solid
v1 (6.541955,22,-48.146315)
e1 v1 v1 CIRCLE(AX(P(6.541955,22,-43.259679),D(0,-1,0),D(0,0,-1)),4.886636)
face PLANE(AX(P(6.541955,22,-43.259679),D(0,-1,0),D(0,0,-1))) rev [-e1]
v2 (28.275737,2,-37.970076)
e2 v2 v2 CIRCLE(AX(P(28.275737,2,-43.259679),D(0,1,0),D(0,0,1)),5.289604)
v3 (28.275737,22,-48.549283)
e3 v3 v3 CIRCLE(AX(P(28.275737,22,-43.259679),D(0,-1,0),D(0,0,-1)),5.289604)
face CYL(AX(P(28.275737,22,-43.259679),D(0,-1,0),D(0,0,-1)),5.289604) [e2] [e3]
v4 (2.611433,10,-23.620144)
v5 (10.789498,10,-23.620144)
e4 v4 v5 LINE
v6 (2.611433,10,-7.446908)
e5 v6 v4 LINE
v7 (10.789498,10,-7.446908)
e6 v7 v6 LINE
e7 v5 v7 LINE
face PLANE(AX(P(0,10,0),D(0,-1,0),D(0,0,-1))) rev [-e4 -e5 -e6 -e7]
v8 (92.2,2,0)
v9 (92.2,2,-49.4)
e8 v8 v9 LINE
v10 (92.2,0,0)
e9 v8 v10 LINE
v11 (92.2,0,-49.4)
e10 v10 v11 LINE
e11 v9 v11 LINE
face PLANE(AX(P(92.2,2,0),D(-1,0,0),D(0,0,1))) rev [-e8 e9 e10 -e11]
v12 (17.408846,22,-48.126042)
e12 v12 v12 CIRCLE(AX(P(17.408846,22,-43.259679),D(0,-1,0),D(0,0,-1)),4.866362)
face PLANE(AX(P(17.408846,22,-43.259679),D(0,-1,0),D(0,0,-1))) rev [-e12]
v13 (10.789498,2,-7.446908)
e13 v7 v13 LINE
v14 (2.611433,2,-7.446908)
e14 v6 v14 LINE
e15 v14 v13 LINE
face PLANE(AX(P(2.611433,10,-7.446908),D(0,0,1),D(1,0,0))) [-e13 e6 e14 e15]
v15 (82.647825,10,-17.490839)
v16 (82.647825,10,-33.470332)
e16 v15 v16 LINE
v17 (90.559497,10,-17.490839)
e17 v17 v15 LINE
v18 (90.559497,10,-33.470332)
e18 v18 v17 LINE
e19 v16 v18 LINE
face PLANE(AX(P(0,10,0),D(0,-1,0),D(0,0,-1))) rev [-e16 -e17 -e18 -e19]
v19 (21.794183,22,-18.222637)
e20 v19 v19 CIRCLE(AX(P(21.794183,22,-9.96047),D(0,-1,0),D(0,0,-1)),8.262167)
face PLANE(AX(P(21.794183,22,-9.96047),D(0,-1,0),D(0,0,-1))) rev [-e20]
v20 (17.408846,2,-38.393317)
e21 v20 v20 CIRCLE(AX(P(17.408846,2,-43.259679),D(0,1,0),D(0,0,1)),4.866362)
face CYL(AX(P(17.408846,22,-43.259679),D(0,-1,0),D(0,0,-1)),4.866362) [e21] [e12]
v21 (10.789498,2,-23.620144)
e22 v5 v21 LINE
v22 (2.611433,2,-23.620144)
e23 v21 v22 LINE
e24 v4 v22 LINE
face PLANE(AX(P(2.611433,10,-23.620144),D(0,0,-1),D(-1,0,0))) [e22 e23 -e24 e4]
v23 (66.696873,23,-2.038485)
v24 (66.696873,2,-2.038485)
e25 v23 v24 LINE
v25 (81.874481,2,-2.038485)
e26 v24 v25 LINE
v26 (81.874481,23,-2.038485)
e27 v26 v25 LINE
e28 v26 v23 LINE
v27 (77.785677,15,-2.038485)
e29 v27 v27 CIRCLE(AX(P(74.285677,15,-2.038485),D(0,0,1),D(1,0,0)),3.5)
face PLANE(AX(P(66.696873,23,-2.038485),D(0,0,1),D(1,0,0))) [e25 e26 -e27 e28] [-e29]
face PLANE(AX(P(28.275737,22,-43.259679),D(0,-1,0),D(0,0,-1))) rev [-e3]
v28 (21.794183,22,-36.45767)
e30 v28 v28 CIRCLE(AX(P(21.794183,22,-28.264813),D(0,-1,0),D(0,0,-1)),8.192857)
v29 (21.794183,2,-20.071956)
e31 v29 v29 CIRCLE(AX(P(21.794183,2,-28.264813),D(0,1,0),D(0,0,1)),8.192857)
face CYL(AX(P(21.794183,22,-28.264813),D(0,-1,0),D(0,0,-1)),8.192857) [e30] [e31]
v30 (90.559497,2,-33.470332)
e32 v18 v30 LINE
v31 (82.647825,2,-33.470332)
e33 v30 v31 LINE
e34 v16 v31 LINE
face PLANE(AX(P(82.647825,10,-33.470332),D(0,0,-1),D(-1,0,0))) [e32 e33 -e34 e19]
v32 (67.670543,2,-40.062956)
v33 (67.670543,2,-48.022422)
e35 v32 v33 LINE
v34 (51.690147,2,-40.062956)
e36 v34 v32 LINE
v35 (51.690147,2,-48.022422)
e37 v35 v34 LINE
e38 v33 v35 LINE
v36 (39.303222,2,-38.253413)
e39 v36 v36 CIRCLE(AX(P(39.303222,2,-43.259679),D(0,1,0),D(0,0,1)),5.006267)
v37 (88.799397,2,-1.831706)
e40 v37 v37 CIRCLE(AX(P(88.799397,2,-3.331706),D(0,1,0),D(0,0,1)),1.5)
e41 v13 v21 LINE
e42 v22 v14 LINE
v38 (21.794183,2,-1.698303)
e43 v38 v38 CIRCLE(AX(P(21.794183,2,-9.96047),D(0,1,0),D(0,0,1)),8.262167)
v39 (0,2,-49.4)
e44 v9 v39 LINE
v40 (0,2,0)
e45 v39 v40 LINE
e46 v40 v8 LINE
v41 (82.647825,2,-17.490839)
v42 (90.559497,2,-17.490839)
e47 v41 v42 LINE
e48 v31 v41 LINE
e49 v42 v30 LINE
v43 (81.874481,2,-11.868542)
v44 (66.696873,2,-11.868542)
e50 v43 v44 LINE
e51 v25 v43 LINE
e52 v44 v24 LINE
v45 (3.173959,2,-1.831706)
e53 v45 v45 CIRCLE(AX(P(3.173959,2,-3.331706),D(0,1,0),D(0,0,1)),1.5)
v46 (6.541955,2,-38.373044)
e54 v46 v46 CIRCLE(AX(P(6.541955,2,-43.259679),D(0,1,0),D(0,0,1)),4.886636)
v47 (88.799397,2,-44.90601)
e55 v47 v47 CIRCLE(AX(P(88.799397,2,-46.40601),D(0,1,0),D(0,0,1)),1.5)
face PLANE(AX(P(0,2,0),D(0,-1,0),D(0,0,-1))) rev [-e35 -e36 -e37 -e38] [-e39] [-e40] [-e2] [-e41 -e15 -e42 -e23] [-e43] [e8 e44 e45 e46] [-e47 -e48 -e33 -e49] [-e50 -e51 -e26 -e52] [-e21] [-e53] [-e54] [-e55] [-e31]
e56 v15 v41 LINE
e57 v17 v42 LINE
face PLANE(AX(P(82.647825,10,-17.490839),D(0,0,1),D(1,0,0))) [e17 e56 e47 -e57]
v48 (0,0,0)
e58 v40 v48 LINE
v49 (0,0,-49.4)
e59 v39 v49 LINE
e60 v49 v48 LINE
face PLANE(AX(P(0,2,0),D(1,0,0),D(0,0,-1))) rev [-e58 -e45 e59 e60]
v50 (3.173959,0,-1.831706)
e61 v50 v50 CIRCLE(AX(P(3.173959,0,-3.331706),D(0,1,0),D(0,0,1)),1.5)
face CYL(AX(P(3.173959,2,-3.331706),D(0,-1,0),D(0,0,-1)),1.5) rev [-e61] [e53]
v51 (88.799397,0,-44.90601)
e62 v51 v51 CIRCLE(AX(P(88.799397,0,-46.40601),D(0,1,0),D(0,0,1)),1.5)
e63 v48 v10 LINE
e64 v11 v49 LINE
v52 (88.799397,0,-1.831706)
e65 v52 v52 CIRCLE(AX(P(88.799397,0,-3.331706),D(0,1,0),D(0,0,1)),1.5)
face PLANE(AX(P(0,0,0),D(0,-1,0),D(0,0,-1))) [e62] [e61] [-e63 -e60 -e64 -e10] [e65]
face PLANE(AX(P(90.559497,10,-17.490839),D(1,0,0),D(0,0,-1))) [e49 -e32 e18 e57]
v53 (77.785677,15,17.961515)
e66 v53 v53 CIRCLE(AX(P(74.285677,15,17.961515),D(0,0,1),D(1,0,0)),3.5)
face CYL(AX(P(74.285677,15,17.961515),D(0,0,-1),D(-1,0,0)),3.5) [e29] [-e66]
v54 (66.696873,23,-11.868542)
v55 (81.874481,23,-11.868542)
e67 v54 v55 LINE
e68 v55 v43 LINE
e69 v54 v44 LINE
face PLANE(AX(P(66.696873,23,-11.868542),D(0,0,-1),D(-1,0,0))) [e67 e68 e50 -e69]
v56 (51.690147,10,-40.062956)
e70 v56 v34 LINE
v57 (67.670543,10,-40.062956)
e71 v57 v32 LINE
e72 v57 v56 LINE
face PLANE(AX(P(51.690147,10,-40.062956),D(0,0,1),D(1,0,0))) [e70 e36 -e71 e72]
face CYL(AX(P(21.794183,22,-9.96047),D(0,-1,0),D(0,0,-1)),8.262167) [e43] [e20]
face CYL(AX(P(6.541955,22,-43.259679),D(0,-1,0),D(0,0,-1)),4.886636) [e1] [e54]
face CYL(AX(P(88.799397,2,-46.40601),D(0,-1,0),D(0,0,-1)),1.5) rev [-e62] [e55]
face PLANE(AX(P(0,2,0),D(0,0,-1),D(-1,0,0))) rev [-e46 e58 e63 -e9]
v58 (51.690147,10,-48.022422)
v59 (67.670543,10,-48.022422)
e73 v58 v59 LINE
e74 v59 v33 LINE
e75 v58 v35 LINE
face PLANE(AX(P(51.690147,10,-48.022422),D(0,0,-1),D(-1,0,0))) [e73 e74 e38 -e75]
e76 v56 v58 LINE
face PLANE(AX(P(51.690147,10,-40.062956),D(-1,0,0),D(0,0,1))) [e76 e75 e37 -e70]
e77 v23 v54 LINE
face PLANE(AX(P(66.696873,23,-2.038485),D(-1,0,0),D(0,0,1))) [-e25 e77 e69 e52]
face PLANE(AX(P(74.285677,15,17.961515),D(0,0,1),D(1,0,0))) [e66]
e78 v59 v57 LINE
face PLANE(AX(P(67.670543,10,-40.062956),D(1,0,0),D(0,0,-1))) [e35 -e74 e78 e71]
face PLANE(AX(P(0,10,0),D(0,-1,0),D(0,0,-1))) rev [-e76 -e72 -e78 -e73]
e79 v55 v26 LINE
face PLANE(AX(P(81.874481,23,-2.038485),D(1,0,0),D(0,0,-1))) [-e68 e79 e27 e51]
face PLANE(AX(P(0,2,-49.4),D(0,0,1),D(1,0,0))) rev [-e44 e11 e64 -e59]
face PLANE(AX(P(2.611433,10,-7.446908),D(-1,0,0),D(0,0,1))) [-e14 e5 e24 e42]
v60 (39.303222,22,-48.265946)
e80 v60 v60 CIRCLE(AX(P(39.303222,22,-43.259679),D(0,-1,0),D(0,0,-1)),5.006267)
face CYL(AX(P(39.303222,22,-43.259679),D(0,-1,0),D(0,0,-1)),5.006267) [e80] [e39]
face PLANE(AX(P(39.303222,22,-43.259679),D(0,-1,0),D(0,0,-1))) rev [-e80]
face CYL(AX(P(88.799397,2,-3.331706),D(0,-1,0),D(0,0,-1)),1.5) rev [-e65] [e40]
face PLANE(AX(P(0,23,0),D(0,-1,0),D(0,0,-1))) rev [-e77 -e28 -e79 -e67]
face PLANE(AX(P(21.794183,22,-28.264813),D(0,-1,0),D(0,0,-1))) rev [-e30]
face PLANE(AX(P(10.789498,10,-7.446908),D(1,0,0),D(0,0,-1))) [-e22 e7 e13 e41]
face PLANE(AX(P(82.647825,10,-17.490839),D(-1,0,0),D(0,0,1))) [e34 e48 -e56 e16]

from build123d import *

# Parameters (mm, degrees)
SKETCH1_W           = 92.2
SKETCH1_H           = 49.4
SKETCH1_R           = 1.5
SKETCH1_R_2         = 8.262166988
SKETCH1_R_3         = 8.192856998
SKETCH1_R_4         = 4.886635654
SKETCH1_R_5         = 4.866362118
SKETCH1_R_6         = 5.289603921
SKETCH1_R_7         = 5.006266963
SKETCH1_W_2         = 8.178065913
SKETCH1_H_2         = 16.173235784
SKETCH1_W_3         = 15.980396505
SKETCH1_H_3         = 7.959466721
SKETCH1_W_4         = 7.911671113
SKETCH1_H_4         = 15.979493629
SKETCH1_W_5         = 15.177608392
SKETCH1_H_5         = 9.83005725
BOSS_EXTRUDE1_DEPTH = 2
SKETCH3_W           = 8.178065913
SKETCH3_H           = 16.173235784
SKETCH3_W_2         = 15.980396505
SKETCH3_H_2         = 7.959466721
SKETCH3_W_3         = 7.911671113
SKETCH3_H_3         = 15.979493629
BOSS_EXTRUDE2_DEPTH = 10
SKETCH4_R           = 8.192856998
SKETCH4_R_2         = 8.262166988
SKETCH4_R_3         = 4.886635654
SKETCH4_R_4         = 4.866362118
SKETCH4_R_5         = 5.289603921
SKETCH4_R_6         = 5.006266963
BOSS_EXTRUDE3_DEPTH = 22
SKETCH5_W           = 15.177608392
SKETCH5_H           = 9.83005725
BOSS_EXTRUDE4_DEPTH = 23
SKETCH6_R           = 3.5
BOSS_EXTRUDE5_DEPTH = 20


with BuildPart() as part:
    # Sketch1 → Boss-Extrude1 (new body)
    with BuildSketch(Plane(origin=(0, 0, 0), x_dir=(1, 0, 0), z_dir=(0, 1, 0))):
        with Locations((46.1, 24.7)):
            Rectangle(SKETCH1_W, SKETCH1_H)
        with Locations(Location((3.173958683, 3.331705549, 0), (0, 0, 270))):
            Circle(SKETCH1_R, mode=Mode.SUBTRACT)
        with Locations(Location((88.799397051, 46.406009575, 0), (0, 0, 270))):
            Circle(SKETCH1_R, mode=Mode.SUBTRACT)
        with Locations(Location((88.799397051, 3.331705549, 0), (0, 0, 270))):
            Circle(SKETCH1_R, mode=Mode.SUBTRACT)
        with Locations(Location((21.794183192, 9.960470024, 0), (0, 0, 270))):
            Circle(SKETCH1_R_2, mode=Mode.SUBTRACT)
        with Locations(Location((21.794183192, 28.264813263, 0), (0, 0, 270))):
            Circle(SKETCH1_R_3, mode=Mode.SUBTRACT)
        with Locations(Location((6.541955346, 43.259679485, 0), (0, 0, 270))):
            Circle(SKETCH1_R_4, mode=Mode.SUBTRACT)
        with Locations(Location((17.408846233, 43.259679485, 0), (0, 0, 270))):
            Circle(SKETCH1_R_5, mode=Mode.SUBTRACT)
        with Locations(Location((28.27573712, 43.259679485, 0), (0, 0, 270))):
            Circle(SKETCH1_R_6, mode=Mode.SUBTRACT)
        with Locations(Location((39.303222454, 43.259679485, 0), (0, 0, 270))):
            Circle(SKETCH1_R_7, mode=Mode.SUBTRACT)
        with Locations((6.70046548, 15.533525735)):
            Rectangle(SKETCH1_W_2, SKETCH1_H_2, mode=Mode.SUBTRACT)
        with Locations((59.680344983, 44.042689104)):
            Rectangle(SKETCH1_W_3, SKETCH1_H_3, mode=Mode.SUBTRACT)
        with Locations((86.603660988, 25.480585451)):
            Rectangle(SKETCH1_W_4, SKETCH1_H_4, mode=Mode.SUBTRACT)
        with Locations((74.28567685, 6.953513815)):
            Rectangle(SKETCH1_W_5, SKETCH1_H_5, mode=Mode.SUBTRACT)
    extrude(amount=BOSS_EXTRUDE1_DEPTH)

    # Sketch3 → Boss-Extrude2 (add)
    with BuildSketch(Plane(origin=(0, 0, 0), x_dir=(-1, 0, 0), z_dir=(0, -1, 0))):
        with Locations((-6.70046548, 15.533525735)):
            Rectangle(SKETCH3_W, SKETCH3_H)
        with Locations((-59.680344983, 44.042689104)):
            Rectangle(SKETCH3_W_2, SKETCH3_H_2)
        with Locations((-86.603660988, 25.480585451)):
            Rectangle(SKETCH3_W_3, SKETCH3_H_3)
    extrude(amount=-BOSS_EXTRUDE2_DEPTH)

    # Sketch4 → Boss-Extrude3 (add)
    with BuildSketch(Plane(origin=(0, 0, 0), x_dir=(-1, 0, 0), z_dir=(0, -1, 0))):
        with Locations(Location((-21.794183192, 28.264813263, 0), (0, 0, 90))):
            Circle(SKETCH4_R)
        with Locations(Location((-21.794183192, 9.960470024, 0), (0, 0, 90))):
            Circle(SKETCH4_R_2)
        with Locations(Location((-6.541955346, 43.259679485, 0), (0, 0, 90))):
            Circle(SKETCH4_R_3)
        with Locations(Location((-17.408846233, 43.259679485, 0), (0, 0, 90))):
            Circle(SKETCH4_R_4)
        with Locations(Location((-28.27573712, 43.259679485, 0), (0, 0, 90))):
            Circle(SKETCH4_R_5)
        with Locations(Location((-39.303222454, 43.259679485, 0), (0, 0, 90))):
            Circle(SKETCH4_R_6)
    extrude(amount=-BOSS_EXTRUDE3_DEPTH)

    # Sketch5 → Boss-Extrude4 (add)
    with BuildSketch(Plane(origin=(0, 0, 0), x_dir=(-1, 0, 0), z_dir=(0, -1, 0))):
        with Locations((-74.28567685, 6.953513815)):
            Rectangle(SKETCH5_W, SKETCH5_H)
    extrude(amount=-BOSS_EXTRUDE4_DEPTH)

    # Sketch6 → Boss-Extrude5 (add)
    with BuildSketch(Plane.XY.offset(-2.03848519)):
        with Locations((74.28567685, 15)):
            Circle(SKETCH6_R)
    extrude(amount=BOSS_EXTRUDE5_DEPTH)


solid = part.part
